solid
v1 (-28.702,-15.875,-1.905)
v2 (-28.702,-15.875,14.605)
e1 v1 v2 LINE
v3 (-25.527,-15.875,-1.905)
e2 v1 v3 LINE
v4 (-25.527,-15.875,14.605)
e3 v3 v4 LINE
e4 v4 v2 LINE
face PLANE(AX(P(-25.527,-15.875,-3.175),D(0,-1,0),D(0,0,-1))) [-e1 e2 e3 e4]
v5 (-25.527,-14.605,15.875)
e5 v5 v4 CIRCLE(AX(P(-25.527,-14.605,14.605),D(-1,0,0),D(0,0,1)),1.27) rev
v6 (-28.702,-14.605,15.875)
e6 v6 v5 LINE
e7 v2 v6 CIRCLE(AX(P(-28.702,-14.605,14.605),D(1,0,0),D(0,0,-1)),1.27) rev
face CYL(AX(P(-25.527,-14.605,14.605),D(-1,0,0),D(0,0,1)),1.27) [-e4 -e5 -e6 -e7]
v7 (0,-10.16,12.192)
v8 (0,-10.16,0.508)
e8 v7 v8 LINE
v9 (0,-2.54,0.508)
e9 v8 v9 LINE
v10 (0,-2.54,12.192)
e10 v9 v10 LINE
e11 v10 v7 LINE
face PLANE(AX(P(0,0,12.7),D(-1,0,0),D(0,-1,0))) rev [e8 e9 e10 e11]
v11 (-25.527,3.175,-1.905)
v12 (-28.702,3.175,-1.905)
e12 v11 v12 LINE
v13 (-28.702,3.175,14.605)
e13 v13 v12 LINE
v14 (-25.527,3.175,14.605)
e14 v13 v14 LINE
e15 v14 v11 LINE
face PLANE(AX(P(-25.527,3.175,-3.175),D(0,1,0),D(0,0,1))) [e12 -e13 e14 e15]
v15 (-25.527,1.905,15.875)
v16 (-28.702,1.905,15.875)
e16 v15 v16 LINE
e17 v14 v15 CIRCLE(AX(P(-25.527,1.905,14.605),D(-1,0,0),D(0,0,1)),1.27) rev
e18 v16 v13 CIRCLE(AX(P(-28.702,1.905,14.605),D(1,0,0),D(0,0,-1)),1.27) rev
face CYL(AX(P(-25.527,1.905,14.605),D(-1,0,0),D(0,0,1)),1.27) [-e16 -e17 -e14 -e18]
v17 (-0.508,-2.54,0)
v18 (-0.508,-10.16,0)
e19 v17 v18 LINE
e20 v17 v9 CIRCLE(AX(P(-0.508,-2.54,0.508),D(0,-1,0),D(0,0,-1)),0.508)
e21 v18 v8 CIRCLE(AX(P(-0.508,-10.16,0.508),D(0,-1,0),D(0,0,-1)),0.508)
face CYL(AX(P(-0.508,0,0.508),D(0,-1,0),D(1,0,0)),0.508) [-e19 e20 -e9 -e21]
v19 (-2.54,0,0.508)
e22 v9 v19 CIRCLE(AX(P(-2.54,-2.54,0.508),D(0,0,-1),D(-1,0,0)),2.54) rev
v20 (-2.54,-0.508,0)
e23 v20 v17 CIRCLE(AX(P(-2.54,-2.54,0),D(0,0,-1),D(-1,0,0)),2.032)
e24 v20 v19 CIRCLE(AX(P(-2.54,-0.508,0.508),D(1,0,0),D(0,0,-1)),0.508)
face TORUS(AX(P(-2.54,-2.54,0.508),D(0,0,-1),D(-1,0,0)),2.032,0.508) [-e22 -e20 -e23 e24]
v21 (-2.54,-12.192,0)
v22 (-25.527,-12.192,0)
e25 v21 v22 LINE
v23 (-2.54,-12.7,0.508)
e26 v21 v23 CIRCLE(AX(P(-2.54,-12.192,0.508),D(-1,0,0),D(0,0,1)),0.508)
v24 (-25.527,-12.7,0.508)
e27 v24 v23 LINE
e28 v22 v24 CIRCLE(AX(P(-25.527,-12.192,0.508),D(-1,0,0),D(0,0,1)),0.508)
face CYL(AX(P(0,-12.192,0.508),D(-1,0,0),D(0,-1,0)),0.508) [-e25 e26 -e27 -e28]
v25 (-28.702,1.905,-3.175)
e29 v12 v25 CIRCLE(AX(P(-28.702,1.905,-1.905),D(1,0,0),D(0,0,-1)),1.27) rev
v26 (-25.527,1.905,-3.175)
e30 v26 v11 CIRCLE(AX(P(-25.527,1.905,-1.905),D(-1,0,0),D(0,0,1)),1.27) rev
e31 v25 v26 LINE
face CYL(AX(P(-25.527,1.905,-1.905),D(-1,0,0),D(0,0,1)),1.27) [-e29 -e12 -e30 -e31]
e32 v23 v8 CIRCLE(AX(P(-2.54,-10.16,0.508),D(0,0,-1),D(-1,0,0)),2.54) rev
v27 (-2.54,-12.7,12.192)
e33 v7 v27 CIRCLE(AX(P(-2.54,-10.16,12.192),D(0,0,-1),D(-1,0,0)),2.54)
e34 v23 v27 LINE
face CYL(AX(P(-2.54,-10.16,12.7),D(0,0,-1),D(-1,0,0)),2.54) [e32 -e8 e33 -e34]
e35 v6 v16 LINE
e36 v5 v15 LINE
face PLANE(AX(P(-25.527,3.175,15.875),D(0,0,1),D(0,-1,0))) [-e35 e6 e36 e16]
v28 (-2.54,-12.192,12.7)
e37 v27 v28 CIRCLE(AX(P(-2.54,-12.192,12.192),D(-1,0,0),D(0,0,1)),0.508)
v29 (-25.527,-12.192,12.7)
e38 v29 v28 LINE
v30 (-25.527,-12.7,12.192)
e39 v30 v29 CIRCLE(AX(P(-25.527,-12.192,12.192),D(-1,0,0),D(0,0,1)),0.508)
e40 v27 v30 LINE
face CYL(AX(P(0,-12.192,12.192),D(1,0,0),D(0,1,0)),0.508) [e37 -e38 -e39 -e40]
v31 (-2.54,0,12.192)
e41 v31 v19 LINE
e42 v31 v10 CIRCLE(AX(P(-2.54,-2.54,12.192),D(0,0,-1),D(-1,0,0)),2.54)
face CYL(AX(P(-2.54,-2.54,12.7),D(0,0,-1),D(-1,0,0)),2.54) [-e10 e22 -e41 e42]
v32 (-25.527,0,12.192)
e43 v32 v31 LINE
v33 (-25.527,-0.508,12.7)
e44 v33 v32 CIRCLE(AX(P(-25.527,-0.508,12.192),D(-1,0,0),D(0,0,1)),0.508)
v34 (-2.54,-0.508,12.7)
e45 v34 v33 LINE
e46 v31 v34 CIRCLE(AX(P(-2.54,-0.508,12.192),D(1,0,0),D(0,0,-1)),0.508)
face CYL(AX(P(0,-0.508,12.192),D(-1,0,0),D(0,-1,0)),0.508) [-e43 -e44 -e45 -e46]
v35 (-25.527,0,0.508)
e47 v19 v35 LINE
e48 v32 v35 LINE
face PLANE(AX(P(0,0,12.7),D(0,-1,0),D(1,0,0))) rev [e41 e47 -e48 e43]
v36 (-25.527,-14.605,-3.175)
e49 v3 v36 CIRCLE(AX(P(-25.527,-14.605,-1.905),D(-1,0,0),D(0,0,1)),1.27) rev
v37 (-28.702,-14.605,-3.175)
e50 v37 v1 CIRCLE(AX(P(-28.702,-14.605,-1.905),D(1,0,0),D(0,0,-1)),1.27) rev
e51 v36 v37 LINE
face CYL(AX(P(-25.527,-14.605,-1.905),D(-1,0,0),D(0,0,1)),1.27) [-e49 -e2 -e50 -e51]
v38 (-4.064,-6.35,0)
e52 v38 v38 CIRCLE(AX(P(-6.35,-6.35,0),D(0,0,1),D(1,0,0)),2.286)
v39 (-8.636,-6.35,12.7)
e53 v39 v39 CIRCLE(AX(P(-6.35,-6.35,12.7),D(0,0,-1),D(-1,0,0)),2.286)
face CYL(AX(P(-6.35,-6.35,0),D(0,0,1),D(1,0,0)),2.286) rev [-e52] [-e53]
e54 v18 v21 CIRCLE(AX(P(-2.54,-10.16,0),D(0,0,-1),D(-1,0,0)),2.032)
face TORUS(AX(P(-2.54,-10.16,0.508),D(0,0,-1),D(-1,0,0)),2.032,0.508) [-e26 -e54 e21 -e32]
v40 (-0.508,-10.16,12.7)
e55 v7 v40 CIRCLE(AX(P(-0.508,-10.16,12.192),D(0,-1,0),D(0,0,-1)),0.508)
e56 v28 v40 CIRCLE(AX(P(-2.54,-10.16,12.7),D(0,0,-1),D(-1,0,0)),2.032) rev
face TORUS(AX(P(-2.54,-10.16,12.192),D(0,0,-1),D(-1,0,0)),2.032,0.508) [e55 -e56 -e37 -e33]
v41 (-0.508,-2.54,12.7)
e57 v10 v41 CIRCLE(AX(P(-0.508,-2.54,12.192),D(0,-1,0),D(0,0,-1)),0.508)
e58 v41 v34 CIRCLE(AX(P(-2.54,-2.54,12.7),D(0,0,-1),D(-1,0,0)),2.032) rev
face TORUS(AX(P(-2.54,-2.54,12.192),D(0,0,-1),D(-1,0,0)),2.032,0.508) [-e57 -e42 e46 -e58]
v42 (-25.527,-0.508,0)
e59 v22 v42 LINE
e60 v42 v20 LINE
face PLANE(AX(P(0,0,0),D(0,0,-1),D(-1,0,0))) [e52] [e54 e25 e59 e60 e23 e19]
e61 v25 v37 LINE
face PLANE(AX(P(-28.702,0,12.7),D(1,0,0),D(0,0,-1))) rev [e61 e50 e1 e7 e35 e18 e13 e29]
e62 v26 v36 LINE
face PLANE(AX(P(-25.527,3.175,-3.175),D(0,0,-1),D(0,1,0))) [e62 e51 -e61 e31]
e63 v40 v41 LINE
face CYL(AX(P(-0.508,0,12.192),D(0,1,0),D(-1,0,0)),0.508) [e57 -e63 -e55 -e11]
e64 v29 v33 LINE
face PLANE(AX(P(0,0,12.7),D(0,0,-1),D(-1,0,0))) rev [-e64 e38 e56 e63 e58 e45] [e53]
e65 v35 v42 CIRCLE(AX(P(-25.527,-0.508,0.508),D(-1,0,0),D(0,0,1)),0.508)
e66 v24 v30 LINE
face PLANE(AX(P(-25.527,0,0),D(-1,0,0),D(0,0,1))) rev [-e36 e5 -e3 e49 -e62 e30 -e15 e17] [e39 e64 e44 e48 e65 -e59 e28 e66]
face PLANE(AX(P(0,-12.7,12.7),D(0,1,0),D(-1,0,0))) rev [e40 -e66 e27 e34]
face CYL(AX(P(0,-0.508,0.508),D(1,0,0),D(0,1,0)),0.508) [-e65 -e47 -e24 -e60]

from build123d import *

# Parameters (mm, degrees)
SKETCH2_W               = 28.702
SKETCH2_H               = 12.7
BOSS_EXTRUDE1_DEPTH     = 12.7
CUT_EXTRUDE1_DEPTH      = 34.858304801
CUT_EXTRUDE1_DEPTH_BACK = 34.858304801
SKETCH3_R               = 2.286
FILLET1_R               = 2.54
SKETCH4_W               = 19.05
SKETCH4_H               = 19.05
BOSS_EXTRUDE2_DEPTH     = 3.175
FILLET2_R               = 0.508
FILLET3_R               = 1.27


with BuildPart() as part:
    # Sketch2 → Boss-Extrude1 (new body)
    with BuildSketch(Plane.XY):
        with Locations((-14.351, -6.35)):
            Rectangle(SKETCH2_W, SKETCH2_H)
    extrude(amount=BOSS_EXTRUDE1_DEPTH)

    # Sketch3 → Cut-Extrude1 (cut, two sides: drawn at the far end of the back side and taken through both)
    with BuildSketch(Plane.XY.offset(12.7).offset(-CUT_EXTRUDE1_DEPTH_BACK)):
        with Locations((-6.35, -6.35)):
            Circle(SKETCH3_R)
    extrude(amount=CUT_EXTRUDE1_DEPTH + CUT_EXTRUDE1_DEPTH_BACK, mode=Mode.SUBTRACT)

    # Fillet1
    fillet1_edges = [part.edges().sort_by_distance(p)[0] for p in [
        (0, -12.7, 6.35),
        (0, 0, 6.35),
    ]]
    fillet(fillet1_edges, radius=FILLET1_R)

    # Sketch4 → Boss-Extrude2 (add)
    with BuildSketch(Plane.ZY.offset(28.702)):
        with Locations((6.35, -6.35)):
            Rectangle(SKETCH4_W, SKETCH4_H)
    extrude(amount=-BOSS_EXTRUDE2_DEPTH)

    # Fillet2
    fillet2_edges = [part.edges().sort_by_distance(p)[0] for p in [
        (0, -6.35, 0),
        (0, -6.35, 12.7),
        (-14.0335, 0, 0),
        (-0.743948776, -0.743948776, 0),
        (-0.743948776, -11.956051224, 0),
        (-14.0335, 0, 12.7),
        (-0.743948776, -0.743948776, 12.7),
        (-0.743948776, -11.956051224, 12.7),
        (-14.0335, -12.7, 0),
        (-14.0335, -12.7, 12.7),
    ]]
    fillet(fillet2_edges, radius=FILLET2_R)

    # Fillet3
    fillet3_edges = [part.edges().sort_by_distance(p)[0] for p in [
        (-27.1145, 3.175, 15.875),
        (-27.1145, -15.875, 15.875),
        (-27.1145, -15.875, -3.175),
        (-27.1145, 3.175, -3.175),
    ]]
    fillet(fillet3_edges, radius=FILLET3_R)


solid = part.part
